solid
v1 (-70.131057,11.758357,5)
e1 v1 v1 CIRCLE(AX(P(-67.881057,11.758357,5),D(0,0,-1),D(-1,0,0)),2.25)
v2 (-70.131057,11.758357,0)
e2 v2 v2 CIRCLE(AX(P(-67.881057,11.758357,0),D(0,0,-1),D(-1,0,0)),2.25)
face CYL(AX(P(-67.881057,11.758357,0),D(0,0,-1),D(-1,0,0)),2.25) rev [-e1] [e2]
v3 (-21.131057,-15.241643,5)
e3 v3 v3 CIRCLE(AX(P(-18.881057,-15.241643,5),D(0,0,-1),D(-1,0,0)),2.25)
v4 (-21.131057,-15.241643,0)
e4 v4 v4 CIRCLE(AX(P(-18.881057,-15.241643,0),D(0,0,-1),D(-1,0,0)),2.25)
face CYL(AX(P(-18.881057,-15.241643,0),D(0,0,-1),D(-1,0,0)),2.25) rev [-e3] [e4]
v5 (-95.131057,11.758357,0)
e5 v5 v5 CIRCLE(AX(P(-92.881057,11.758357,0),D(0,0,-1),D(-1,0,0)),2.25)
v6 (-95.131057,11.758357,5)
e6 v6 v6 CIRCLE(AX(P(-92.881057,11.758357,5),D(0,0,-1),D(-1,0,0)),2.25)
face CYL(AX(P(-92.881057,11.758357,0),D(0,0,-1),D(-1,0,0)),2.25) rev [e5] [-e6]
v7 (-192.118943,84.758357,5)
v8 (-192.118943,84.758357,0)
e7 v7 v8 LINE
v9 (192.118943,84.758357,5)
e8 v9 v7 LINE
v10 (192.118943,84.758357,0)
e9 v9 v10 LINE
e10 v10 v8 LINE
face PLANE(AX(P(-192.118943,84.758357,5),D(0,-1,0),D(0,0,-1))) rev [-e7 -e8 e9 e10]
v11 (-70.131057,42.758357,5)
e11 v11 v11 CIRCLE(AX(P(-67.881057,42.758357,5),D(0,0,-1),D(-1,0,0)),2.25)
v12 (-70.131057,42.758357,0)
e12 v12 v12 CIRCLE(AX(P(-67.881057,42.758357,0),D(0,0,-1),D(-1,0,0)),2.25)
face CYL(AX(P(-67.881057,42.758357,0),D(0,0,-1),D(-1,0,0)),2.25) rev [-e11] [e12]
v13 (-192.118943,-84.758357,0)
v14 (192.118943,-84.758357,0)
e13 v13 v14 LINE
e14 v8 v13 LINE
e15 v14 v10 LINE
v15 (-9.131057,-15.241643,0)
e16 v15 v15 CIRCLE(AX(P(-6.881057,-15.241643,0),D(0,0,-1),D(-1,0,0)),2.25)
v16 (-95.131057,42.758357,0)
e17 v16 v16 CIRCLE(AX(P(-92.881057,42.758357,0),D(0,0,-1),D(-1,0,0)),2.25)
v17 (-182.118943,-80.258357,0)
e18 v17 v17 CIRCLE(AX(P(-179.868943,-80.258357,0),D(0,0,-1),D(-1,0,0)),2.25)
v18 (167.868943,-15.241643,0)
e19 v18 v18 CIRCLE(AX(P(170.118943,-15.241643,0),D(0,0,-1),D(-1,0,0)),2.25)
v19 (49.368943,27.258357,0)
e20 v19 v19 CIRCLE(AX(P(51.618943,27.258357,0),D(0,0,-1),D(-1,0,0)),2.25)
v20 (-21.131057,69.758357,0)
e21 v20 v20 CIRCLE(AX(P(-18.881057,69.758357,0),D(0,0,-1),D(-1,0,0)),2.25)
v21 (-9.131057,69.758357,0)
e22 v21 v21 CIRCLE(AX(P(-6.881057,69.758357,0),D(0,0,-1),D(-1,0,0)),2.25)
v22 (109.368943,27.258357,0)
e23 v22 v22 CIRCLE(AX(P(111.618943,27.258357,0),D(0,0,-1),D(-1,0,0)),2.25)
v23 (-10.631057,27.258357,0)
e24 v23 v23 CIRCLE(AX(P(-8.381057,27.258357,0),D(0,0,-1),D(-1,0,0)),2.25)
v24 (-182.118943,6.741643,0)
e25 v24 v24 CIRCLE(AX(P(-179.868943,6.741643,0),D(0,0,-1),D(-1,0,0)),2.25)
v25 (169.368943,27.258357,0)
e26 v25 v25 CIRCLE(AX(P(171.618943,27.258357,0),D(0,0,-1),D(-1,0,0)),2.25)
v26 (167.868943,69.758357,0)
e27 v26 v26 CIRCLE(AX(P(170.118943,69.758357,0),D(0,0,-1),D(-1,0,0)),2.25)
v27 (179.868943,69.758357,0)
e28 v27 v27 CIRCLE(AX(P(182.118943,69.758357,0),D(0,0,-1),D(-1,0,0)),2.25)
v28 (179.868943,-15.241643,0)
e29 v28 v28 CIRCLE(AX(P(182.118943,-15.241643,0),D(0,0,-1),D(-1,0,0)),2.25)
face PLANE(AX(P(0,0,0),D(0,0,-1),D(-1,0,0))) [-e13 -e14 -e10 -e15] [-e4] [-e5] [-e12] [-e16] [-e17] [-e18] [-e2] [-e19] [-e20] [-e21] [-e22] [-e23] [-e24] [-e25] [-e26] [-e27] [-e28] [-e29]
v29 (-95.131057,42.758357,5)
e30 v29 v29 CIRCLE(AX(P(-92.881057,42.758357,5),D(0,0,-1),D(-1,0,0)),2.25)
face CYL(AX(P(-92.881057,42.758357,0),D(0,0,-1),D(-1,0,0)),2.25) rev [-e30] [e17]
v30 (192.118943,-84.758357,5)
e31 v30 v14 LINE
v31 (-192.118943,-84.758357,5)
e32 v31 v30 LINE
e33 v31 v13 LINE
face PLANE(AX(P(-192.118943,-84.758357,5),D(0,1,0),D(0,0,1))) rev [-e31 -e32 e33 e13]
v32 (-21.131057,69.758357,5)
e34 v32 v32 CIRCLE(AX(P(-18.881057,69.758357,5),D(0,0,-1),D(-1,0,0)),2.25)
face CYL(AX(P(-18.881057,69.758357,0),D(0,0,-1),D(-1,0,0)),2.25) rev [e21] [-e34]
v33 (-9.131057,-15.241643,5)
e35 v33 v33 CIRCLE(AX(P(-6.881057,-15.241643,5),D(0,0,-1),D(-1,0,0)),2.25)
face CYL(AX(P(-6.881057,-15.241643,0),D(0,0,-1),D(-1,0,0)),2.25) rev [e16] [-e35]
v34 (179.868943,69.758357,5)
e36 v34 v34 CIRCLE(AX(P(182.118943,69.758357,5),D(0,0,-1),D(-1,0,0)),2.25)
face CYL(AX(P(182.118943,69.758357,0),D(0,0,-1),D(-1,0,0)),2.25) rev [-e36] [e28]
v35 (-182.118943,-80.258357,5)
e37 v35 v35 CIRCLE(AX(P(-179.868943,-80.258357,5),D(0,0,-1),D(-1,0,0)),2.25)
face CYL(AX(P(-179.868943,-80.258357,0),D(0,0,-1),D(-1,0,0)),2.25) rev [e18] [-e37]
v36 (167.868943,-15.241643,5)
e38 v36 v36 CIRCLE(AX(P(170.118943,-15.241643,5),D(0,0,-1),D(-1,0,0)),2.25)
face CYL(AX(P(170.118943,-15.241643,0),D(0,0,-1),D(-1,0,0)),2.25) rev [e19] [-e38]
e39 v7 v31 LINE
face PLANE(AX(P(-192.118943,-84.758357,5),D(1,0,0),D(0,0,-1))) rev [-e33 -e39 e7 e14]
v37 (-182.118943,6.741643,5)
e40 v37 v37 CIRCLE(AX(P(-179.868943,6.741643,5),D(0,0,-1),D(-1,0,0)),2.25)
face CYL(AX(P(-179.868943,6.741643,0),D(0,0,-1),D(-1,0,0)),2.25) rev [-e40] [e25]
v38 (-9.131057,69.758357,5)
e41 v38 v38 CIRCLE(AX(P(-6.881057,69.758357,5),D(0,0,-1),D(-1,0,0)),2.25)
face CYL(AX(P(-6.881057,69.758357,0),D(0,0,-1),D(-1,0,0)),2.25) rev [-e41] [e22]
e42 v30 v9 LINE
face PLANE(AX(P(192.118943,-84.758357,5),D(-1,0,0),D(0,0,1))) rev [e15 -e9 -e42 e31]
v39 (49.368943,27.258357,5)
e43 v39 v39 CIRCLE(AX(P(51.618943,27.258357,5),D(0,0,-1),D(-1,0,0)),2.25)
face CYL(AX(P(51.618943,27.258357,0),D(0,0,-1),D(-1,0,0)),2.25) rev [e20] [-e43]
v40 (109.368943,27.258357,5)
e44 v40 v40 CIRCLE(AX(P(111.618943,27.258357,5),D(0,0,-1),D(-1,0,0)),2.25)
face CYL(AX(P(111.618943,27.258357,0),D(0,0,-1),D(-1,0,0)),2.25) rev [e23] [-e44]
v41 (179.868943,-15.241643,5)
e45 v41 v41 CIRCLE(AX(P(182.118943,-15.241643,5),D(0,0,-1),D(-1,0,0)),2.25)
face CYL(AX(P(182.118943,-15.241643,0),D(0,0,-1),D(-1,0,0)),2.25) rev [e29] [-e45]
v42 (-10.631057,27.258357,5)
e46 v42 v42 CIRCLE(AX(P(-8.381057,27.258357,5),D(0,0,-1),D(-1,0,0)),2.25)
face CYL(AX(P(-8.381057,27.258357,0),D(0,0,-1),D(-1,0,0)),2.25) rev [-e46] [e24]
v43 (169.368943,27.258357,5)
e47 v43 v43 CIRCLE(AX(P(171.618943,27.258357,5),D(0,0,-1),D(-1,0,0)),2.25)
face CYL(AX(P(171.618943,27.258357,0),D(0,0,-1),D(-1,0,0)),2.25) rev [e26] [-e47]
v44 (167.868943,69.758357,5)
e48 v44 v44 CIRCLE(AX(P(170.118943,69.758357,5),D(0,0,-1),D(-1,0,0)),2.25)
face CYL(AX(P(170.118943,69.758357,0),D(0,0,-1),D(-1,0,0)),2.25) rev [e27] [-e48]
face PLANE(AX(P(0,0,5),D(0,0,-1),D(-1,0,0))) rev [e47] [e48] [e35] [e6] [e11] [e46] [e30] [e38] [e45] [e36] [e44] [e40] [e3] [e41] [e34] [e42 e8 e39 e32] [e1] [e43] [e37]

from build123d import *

# Parameters (mm, degrees)
SKETCH1_W            = 384.237886752
SKETCH1_H            = 169.516714744
BOSS_EXTRUDE1_DEPTH  = 5
M4_CLEARANCE_HOLE1_D = 4.5
M4_CLEARANCE_HOLE2_D = 4.5


with BuildPart() as part:
    # Sketch1 → Boss-Extrude1 (new body)
    with BuildSketch(Plane.XY):
        Rectangle(SKETCH1_W, SKETCH1_H)
    extrude(amount=BOSS_EXTRUDE1_DEPTH)

    # M4 Clearance Hole1 (through all)
    with Locations(Plane(origin=(0, 0, 0), x_dir=(-1, 0, 0), z_dir=(0, 0, -1))):
        with Locations((92.881056624, 42.758357372), (92.881056624, 11.758357372), (67.881056624, 11.758357372), (67.881056624, 42.758357372), (18.881056624, 69.758357372), (6.881056624, 69.758357372), (8.381056624, 27.258357372), (18.881056624, -15.241642628), (6.881056624, -15.241642628), (-51.618943376, 27.258357372), (-111.618943376, 27.258357372), (-171.618943376, 27.258357372), (-170.118943376, -15.241642628), (-182.118943376, -15.241642628), (-170.118943376, 69.758357372), (-182.118943376, 69.758357372)):
            Hole(M4_CLEARANCE_HOLE1_D / 2)

    # M4 Clearance Hole2 (through all)
    with Locations(Plane(origin=(0, 0, 0), x_dir=(-1, 0, 0), z_dir=(0, 0, -1))):
        with Locations((179.868943376, 6.741642628), (179.868943376, -80.258357372)):
            Hole(M4_CLEARANCE_HOLE2_D / 2)


solid = part.part
